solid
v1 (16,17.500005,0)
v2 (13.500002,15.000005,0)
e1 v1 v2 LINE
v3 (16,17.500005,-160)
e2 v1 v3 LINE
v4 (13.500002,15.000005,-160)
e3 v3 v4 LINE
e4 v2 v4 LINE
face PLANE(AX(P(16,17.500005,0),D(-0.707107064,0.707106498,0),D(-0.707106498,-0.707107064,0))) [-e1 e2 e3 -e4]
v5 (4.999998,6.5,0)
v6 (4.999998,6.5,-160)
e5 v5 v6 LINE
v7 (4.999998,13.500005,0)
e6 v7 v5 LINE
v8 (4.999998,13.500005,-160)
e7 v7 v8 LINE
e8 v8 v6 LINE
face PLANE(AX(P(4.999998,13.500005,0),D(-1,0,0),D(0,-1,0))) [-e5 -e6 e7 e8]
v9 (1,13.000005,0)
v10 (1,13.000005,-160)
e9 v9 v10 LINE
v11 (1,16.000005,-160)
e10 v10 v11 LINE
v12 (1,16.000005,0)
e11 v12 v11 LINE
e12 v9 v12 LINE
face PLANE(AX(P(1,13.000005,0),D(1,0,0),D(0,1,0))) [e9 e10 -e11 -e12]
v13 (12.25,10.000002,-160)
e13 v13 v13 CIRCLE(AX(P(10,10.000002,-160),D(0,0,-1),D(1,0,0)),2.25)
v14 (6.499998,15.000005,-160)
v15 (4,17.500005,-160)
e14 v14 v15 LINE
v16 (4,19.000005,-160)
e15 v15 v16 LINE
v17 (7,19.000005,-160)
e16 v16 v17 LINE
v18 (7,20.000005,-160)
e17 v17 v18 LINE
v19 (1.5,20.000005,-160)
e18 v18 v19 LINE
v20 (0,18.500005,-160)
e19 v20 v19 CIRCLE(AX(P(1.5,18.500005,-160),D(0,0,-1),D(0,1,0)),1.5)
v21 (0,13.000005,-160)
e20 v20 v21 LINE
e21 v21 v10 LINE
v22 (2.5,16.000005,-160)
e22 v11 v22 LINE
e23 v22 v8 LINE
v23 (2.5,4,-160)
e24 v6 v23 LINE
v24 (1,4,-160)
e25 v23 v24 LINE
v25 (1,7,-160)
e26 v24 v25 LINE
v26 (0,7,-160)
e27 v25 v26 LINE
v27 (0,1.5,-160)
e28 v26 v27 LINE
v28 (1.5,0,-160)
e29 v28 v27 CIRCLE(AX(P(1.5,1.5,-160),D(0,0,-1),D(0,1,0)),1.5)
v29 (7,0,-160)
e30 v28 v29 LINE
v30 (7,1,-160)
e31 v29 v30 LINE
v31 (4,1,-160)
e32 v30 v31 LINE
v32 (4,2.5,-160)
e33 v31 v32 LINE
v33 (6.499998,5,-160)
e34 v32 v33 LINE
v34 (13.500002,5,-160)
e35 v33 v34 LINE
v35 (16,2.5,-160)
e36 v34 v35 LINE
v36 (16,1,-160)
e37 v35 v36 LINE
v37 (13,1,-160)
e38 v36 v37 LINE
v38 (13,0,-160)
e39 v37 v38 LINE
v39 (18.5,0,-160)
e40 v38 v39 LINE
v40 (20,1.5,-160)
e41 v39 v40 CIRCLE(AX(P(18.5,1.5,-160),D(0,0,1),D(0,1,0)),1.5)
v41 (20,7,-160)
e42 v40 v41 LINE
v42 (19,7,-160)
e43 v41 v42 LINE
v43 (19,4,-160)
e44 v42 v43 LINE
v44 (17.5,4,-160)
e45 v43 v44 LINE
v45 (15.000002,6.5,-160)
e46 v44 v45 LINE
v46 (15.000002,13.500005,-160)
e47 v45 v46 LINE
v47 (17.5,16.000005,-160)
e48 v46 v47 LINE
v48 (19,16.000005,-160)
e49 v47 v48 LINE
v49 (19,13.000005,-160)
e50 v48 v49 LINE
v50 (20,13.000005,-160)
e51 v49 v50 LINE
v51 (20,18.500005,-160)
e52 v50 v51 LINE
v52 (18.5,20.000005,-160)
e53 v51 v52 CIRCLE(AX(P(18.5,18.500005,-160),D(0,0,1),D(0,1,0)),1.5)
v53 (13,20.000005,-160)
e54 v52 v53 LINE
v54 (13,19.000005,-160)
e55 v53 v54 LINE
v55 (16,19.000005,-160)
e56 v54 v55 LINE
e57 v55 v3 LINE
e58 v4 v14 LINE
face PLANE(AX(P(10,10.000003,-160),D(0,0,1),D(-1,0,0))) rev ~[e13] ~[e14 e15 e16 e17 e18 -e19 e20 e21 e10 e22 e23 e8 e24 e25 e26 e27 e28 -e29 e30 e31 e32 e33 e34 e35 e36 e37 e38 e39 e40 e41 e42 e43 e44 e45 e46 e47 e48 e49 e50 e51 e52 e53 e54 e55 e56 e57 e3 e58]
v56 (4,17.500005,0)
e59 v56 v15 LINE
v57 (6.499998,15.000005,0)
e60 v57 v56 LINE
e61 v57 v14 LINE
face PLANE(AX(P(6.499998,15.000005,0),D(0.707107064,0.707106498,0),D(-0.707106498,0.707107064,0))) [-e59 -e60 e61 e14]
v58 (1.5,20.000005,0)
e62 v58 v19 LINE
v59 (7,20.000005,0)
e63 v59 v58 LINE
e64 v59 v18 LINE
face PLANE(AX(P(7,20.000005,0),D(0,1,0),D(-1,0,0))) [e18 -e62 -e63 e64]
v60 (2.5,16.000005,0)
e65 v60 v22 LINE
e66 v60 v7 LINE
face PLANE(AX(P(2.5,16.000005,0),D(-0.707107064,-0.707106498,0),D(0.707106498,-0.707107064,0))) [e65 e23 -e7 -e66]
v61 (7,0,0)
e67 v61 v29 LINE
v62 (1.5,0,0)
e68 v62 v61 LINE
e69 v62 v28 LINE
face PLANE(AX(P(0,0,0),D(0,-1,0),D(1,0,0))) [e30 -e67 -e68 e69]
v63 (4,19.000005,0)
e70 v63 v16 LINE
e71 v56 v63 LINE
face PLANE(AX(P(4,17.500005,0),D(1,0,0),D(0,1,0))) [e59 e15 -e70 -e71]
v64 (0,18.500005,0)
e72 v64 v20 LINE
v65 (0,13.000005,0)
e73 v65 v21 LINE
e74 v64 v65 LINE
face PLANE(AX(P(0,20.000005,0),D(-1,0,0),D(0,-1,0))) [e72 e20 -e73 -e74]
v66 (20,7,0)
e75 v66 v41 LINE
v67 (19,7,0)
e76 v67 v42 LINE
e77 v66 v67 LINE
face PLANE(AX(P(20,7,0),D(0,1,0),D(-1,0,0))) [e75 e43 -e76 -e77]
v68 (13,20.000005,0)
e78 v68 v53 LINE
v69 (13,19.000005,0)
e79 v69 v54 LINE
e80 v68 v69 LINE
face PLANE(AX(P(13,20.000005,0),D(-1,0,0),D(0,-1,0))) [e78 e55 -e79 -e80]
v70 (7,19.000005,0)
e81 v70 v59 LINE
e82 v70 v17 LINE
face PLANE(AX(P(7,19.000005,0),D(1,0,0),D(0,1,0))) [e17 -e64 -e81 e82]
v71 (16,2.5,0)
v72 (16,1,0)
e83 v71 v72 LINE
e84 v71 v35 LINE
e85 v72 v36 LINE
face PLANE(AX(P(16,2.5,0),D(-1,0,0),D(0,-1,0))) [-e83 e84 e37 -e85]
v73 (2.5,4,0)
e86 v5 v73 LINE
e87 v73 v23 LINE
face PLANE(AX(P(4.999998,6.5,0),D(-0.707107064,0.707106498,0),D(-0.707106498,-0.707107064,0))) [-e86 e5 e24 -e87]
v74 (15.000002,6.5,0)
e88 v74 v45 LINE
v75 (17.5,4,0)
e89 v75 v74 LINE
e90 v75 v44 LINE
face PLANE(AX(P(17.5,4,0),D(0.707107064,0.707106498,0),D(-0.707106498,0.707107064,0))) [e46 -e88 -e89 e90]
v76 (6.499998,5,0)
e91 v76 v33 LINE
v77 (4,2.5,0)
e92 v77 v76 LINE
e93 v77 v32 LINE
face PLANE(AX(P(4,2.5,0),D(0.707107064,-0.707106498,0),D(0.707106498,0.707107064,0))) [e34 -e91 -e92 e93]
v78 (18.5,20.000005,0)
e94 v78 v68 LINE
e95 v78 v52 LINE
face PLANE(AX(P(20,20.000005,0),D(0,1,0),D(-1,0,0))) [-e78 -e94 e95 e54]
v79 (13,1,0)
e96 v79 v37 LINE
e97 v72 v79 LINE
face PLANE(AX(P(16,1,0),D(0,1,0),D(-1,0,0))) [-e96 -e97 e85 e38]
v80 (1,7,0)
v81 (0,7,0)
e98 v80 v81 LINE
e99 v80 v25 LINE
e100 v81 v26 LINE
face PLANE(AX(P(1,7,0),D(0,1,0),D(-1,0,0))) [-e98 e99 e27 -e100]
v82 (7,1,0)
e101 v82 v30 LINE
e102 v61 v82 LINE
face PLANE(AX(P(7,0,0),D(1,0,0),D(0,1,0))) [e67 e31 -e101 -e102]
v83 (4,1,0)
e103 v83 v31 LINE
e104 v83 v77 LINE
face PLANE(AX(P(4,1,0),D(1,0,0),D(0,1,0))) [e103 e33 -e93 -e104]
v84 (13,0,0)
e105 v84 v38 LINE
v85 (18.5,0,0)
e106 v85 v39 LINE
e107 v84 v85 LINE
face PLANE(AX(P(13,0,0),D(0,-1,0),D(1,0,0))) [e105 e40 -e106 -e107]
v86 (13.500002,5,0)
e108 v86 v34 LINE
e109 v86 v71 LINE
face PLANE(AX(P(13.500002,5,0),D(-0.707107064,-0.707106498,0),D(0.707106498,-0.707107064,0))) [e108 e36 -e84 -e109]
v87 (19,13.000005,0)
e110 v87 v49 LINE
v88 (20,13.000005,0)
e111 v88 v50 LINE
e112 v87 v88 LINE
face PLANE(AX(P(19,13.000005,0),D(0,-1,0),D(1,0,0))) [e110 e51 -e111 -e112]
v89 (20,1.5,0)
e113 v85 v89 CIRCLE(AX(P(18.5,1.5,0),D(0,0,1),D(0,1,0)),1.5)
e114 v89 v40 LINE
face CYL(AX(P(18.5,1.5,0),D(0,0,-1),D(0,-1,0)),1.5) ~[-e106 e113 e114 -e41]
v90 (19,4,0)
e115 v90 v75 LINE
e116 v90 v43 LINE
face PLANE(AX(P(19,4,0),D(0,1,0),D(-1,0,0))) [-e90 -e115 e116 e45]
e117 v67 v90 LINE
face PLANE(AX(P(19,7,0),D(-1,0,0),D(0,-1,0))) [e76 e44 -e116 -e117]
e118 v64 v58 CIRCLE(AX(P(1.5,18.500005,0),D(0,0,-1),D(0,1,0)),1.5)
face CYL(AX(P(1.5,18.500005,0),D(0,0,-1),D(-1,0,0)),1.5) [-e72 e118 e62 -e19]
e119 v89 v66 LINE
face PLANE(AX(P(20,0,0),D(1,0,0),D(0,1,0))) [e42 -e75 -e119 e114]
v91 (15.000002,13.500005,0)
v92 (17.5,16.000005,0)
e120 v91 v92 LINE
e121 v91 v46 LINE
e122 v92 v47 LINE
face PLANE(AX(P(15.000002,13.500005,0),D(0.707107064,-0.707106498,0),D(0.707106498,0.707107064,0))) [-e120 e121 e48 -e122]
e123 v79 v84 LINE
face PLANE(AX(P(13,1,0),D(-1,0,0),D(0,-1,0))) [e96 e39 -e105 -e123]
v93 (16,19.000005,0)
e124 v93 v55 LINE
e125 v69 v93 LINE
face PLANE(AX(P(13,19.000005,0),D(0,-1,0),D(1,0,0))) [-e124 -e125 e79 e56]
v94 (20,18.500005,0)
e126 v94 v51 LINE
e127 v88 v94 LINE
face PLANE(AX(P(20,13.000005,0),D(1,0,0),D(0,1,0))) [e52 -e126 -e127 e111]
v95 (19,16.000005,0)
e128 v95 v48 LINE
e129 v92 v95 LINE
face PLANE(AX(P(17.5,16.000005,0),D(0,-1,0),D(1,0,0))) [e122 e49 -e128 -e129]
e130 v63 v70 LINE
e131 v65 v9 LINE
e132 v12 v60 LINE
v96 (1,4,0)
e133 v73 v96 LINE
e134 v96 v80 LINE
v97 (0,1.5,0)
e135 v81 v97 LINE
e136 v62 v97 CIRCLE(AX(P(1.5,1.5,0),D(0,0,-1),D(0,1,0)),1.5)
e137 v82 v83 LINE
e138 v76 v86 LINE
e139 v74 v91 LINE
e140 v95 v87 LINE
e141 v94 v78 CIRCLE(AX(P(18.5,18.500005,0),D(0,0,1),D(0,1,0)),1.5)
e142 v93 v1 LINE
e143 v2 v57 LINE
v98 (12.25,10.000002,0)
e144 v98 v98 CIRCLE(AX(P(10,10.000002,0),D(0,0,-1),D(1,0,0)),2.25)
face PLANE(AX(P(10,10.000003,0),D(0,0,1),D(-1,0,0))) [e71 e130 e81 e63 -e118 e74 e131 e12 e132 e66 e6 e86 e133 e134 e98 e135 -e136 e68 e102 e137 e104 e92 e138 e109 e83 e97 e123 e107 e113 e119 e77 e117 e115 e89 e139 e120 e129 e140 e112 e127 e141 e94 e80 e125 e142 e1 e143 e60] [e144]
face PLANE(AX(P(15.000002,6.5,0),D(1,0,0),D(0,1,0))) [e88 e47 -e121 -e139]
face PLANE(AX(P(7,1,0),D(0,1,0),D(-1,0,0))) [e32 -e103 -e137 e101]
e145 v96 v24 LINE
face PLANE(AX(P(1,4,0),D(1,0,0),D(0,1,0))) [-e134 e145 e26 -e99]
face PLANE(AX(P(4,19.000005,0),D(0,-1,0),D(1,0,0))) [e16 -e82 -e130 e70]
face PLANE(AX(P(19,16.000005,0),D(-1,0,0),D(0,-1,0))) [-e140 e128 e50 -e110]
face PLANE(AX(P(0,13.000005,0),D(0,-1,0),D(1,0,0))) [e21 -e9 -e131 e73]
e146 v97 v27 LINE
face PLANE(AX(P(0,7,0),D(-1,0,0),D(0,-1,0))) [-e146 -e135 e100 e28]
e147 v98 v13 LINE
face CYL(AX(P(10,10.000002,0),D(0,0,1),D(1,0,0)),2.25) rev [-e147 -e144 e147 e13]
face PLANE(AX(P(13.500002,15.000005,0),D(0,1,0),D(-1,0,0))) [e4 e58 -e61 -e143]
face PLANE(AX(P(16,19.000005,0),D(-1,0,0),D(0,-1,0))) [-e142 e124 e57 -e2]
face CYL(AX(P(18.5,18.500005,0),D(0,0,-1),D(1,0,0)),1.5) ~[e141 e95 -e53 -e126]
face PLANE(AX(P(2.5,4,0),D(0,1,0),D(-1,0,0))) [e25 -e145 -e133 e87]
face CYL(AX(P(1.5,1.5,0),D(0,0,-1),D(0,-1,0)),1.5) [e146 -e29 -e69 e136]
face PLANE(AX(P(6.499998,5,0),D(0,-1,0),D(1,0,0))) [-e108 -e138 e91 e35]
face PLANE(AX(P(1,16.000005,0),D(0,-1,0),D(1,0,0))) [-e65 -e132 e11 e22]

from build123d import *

# Parameters (mm, degrees)
SKETCH_R  = 2.25
PAD_DEPTH = 160
FILLET_R  = 1.5


with BuildPart() as part:
    # Sketch → Pad (new body)
    with BuildSketch(Plane(origin=(0, 0, 0), x_dir=(1, 0, 0), z_dir=(0, 0, -1))):
        Polygon((7, 0), (7, -1), (4, -1), (4, -2.5), (6.499998, -5), (13.500002, -5), (16, -2.5), (16, -1), (13, -1), (13, 0), (20, 0), (20, -7), (19, -7), (19, -4), (17.5, -4), (15.000002, -6.5), (15.000002, -13.500005), (17.5, -16.000005), (19, -16.000005), (19, -13.000005), (20, -13.000005), (20, -20.000005), (13, -20.000005), (13, -19.000005), (16, -19.000005), (16, -17.500005), (13.500002, -15.000005), (6.499998, -15.000005), (4, -17.500005), (4, -19.000005), (7, -19.000005), (7, -20.000005), (0, -20.000005), (0, -13.000005), (1, -13.000005), (1, -16.000005), (2.5, -16.000005), (4.999998, -13.500005), (4.999998, -6.5), (2.5, -4), (1, -4), (1, -7), (0, -7), (0, 0), align=None)
        with Locations((10, -10.000002)):
            Circle(SKETCH_R, mode=Mode.SUBTRACT)
    extrude(amount=PAD_DEPTH)

    # Fillet
    fillet_edges = [part.edges().sort_by_distance(p)[0] for p in [
        (20, 20.000005, -80),
        (20, 0, -80),
        (0, 20.000005, -80),
        (0, 0, -80),
    ]]
    fillet(fillet_edges, radius=FILLET_R)


solid = part.part
